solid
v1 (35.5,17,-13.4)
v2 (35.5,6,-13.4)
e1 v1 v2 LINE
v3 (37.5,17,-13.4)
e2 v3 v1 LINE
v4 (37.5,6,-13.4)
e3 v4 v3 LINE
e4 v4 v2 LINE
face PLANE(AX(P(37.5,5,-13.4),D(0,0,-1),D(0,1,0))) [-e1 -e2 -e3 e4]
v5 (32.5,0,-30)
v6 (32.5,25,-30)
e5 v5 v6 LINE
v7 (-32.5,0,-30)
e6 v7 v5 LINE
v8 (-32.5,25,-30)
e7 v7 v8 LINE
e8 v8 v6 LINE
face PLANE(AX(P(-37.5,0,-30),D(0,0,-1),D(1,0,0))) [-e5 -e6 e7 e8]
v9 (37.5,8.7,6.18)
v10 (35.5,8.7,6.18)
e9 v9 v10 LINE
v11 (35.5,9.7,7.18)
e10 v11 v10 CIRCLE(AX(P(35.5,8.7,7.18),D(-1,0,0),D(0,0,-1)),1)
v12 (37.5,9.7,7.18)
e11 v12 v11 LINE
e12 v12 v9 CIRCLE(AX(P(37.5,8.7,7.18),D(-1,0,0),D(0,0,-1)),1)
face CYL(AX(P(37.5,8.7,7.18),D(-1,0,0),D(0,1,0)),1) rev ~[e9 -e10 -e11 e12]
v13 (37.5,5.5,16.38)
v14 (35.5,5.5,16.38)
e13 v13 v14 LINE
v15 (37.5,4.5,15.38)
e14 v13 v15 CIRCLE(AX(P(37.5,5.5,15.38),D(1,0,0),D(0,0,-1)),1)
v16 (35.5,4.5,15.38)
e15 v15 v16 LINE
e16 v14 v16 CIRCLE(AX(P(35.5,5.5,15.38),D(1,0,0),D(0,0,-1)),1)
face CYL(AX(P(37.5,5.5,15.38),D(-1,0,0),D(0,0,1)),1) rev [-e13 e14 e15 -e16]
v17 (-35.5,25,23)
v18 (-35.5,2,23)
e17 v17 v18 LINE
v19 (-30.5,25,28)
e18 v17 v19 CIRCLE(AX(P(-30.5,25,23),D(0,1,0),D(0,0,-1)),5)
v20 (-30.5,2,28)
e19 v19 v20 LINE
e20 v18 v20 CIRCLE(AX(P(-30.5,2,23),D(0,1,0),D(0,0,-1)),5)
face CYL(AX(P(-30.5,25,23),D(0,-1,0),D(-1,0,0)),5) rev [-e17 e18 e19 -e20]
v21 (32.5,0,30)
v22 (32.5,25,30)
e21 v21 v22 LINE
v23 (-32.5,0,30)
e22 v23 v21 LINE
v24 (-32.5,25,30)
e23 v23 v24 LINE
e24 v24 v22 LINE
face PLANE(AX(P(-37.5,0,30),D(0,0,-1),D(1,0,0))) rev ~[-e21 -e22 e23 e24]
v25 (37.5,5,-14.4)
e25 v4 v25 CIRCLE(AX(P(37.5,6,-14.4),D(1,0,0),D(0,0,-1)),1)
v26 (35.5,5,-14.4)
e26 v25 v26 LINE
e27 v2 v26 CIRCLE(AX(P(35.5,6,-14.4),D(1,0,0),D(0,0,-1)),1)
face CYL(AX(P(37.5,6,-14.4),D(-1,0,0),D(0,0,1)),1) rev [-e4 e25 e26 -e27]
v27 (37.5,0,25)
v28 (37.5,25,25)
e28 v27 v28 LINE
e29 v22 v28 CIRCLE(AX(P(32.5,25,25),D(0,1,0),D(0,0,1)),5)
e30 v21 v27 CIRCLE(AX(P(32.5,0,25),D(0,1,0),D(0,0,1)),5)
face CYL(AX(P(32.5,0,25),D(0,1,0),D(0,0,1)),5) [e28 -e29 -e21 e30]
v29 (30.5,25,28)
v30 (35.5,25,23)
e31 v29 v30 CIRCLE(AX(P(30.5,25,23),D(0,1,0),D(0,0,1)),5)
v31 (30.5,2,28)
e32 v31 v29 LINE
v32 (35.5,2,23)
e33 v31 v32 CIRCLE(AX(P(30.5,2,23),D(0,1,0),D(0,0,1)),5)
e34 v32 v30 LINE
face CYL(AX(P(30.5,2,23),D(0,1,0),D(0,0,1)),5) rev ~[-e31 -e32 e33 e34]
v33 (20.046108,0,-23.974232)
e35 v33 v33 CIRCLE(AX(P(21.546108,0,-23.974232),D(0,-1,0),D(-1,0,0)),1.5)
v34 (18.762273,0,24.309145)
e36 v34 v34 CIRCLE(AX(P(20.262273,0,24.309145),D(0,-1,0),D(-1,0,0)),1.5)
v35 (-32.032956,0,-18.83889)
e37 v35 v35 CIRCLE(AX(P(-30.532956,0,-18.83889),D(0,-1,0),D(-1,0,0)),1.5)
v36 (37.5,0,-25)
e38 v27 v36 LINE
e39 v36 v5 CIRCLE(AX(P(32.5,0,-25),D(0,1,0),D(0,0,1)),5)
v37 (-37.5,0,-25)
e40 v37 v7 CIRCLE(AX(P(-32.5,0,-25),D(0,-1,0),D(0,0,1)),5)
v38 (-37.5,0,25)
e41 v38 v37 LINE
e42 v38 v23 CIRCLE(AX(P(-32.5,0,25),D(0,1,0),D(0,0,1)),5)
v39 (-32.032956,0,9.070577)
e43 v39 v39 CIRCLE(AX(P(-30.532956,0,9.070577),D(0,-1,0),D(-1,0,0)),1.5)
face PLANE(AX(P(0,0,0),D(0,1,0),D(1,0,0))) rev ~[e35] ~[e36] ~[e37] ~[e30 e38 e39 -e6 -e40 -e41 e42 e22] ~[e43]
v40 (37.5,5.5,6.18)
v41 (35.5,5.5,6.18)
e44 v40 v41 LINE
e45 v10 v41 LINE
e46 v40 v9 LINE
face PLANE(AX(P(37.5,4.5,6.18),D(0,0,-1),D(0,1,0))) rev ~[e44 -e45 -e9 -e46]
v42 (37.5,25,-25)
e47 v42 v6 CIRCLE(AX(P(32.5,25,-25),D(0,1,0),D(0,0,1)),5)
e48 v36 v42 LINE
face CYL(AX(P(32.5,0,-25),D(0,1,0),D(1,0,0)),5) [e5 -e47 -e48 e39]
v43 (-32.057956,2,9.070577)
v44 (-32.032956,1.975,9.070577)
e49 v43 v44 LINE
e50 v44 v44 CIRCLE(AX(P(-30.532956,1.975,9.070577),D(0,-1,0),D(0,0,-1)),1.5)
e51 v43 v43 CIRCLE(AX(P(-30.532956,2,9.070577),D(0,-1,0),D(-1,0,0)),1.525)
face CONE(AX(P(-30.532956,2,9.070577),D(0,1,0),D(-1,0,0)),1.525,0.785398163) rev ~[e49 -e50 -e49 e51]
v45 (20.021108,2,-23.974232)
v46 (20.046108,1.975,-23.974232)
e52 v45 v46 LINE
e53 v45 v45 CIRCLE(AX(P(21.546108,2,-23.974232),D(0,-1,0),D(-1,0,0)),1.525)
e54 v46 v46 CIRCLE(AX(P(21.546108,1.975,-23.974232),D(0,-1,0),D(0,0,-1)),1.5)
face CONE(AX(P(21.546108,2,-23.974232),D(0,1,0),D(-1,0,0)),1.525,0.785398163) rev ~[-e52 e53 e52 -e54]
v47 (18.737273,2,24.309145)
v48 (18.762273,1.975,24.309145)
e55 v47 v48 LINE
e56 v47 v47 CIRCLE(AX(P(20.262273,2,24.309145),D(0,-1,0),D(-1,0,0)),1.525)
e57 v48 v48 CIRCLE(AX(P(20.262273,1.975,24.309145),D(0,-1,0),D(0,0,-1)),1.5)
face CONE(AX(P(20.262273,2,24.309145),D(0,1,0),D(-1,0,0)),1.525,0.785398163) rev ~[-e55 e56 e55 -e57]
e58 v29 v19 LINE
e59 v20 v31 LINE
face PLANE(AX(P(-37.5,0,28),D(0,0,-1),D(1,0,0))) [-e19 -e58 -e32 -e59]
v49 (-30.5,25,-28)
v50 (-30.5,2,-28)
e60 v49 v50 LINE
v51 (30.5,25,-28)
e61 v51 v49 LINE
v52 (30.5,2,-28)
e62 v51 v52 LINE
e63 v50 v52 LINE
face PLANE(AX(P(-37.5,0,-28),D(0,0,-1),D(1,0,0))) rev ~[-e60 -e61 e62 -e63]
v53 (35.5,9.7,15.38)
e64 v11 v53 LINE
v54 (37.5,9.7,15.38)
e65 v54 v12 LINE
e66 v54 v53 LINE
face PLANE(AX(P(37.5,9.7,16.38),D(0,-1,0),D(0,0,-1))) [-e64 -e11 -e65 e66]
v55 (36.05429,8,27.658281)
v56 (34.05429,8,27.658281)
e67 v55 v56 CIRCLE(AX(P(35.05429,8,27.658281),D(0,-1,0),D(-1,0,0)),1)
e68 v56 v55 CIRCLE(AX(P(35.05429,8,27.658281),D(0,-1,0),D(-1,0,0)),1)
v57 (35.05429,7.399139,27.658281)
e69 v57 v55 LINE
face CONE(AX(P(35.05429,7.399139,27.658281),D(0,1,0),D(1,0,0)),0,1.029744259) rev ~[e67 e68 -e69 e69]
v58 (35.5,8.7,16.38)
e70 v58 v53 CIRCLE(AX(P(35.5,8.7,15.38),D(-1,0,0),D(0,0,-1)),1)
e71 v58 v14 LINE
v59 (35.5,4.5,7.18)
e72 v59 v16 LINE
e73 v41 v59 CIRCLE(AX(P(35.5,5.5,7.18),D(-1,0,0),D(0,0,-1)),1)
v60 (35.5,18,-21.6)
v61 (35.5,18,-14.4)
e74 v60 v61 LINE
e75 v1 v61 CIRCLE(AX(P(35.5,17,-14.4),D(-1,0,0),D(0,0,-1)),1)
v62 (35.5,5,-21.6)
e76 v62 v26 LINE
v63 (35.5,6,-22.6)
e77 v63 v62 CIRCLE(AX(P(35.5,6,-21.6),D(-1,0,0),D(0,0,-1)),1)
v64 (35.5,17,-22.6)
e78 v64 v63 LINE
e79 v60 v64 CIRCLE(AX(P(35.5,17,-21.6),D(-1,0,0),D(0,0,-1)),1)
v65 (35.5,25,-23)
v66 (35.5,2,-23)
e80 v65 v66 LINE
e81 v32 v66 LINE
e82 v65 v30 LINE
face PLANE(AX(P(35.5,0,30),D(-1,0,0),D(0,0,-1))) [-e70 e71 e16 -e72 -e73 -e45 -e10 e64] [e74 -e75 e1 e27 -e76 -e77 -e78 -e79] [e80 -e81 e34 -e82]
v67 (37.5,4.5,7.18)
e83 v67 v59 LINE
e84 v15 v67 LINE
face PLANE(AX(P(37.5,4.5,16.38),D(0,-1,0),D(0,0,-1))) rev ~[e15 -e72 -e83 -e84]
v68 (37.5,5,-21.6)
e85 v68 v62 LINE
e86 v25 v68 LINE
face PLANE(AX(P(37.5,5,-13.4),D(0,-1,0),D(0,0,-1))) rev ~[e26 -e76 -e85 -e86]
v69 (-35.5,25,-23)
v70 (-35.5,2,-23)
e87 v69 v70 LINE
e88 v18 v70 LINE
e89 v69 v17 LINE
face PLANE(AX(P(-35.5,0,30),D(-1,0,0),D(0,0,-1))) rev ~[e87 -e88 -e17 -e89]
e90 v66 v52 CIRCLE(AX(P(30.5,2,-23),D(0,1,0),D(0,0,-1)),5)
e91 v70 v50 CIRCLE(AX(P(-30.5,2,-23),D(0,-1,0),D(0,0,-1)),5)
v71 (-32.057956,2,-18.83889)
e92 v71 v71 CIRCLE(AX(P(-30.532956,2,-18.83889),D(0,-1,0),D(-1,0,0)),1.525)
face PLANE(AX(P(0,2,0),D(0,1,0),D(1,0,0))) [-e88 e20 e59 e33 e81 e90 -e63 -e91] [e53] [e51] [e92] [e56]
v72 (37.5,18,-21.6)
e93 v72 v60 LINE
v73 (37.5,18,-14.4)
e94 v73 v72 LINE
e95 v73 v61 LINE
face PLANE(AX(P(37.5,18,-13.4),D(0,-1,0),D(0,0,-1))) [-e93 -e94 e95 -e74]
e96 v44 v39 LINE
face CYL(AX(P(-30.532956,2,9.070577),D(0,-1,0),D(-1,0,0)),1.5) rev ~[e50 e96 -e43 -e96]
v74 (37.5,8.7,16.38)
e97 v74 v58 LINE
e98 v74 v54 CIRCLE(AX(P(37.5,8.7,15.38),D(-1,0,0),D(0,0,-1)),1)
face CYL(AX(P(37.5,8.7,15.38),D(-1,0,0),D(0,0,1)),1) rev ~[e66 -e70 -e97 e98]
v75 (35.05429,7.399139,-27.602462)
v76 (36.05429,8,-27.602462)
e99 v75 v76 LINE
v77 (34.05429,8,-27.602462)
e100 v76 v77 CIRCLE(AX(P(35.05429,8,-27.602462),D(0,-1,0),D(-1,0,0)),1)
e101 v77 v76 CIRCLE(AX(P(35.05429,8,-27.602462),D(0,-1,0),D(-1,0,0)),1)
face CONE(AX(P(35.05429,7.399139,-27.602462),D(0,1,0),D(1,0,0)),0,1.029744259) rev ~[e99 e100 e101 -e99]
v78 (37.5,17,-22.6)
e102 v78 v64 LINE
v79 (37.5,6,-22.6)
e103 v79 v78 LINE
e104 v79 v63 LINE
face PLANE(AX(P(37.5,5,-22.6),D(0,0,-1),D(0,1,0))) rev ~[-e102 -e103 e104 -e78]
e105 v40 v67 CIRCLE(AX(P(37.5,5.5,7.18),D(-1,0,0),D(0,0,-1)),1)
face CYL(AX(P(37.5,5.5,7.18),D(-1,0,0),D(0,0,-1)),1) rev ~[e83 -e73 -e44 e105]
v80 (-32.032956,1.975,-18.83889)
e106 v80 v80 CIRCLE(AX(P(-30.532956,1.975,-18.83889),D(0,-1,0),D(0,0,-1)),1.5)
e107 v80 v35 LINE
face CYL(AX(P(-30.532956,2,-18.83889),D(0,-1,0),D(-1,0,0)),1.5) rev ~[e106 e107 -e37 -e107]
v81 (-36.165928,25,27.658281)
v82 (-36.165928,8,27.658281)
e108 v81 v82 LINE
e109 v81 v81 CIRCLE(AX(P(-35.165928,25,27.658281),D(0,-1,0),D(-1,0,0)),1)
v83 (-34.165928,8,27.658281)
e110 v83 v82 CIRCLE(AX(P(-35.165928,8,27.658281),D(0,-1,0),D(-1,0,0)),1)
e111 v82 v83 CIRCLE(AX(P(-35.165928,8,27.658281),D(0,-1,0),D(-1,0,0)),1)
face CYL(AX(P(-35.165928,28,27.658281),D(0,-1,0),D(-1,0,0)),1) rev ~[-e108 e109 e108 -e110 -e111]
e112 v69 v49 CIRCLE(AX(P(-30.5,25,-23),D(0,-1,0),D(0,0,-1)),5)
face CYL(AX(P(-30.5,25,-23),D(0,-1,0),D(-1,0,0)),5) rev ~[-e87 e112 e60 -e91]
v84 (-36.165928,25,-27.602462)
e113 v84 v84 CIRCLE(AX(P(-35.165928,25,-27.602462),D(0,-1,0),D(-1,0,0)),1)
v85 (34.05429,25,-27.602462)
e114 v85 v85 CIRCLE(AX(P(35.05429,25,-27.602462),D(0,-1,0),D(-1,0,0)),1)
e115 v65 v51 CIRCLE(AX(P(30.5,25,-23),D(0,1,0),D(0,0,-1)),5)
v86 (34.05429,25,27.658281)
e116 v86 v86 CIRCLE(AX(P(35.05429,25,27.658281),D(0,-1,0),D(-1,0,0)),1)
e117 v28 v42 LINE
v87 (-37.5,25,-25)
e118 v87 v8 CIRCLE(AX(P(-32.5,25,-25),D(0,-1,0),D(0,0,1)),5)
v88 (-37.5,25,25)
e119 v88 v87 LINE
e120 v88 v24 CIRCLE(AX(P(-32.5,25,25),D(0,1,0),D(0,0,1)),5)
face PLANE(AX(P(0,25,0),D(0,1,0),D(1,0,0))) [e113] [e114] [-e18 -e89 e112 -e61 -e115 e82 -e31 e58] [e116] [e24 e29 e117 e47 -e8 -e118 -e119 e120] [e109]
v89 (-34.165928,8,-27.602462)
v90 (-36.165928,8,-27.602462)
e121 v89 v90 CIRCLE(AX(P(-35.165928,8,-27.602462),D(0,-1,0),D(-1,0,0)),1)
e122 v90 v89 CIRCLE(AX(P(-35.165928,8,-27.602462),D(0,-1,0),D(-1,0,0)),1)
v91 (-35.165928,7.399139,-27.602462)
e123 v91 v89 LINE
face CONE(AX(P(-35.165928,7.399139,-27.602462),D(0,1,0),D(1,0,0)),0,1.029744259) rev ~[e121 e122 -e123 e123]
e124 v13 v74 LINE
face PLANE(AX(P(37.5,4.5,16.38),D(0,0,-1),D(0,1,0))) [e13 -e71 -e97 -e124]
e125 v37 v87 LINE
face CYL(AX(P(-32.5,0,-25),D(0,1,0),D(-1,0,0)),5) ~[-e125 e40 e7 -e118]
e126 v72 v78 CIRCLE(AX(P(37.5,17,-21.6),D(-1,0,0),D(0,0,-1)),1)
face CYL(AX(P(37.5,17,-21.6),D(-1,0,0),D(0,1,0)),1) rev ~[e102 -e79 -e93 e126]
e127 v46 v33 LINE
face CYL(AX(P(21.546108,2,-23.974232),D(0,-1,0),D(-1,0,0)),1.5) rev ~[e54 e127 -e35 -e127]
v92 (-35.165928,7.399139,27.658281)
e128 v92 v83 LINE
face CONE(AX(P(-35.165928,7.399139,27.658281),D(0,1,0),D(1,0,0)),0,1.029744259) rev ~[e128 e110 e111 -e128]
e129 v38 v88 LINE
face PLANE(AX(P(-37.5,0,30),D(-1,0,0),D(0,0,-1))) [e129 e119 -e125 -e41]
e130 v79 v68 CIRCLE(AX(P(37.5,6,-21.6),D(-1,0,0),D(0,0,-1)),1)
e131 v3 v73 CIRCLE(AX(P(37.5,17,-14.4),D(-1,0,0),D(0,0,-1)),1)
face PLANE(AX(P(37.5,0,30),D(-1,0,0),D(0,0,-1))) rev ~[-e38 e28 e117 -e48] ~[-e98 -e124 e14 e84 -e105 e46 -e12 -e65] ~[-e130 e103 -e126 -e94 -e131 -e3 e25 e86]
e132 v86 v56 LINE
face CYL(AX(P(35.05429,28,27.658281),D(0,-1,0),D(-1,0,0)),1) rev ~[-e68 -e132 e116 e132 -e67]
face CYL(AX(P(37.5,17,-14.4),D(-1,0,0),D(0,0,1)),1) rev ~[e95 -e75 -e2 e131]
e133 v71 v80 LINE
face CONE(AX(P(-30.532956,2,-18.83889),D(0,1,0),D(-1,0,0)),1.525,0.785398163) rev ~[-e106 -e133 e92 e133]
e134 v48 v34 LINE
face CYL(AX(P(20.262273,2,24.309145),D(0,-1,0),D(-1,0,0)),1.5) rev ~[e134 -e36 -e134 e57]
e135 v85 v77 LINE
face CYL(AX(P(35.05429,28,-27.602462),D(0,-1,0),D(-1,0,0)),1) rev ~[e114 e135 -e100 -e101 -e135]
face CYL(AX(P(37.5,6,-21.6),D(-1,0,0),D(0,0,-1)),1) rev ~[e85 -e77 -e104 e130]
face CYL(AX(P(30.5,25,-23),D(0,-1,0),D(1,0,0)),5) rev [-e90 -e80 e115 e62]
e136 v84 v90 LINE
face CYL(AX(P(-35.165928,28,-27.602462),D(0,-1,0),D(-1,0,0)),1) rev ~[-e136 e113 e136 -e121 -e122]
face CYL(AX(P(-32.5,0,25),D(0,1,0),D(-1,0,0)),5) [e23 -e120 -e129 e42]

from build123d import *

# Parameters (mm, degrees)
SKIZZE1_W                                = 75
SKIZZE1_H                                = 60
AUFSATZ_LINEAR_AUSTRAGEN1_DEPTH          = 25
WANDUNG1_T                               = -2
VERRUNDUNG1_R                            = 5
SKIZZE2_W                                = 9.2
SKIZZE2_H                                = 13
SCHNITT_LINEAR_AUSTRAGEN1_DEPTH          = 25
VERRUNDUNG2_R                            = 1
SKIZZE3_W                                = 10.2
SKIZZE3_H                                = 5.2
SCHNITT_LINEAR_AUSTRAGEN2_DEPTH          = 25
VERRUNDUNG3_R                            = 1
F_3_0_3_DURCHMESSER_BOHRUNG1_D           = 3
F_3_0_3_DURCHMESSER_BOHRUNG1_CSINK_D     = 3.05
F_3_0_3_DURCHMESSER_BOHRUNG1_CSINK_ANGLE = 90
F_2_0_2_DURCHMESSER_BOHRUNG1_D           = 2
F_2_0_2_DURCHMESSER_BOHRUNG1_DEPTH       = 20
F_2_0_2_DURCHMESSER_BOHRUNG1_CSINK_D     = 2.05
F_2_0_2_DURCHMESSER_BOHRUNG1_CSINK_ANGLE = 90
F_2_0_2_DURCHMESSER_BOHRUNG1_TIP         = 0.600860619


with BuildPart() as part:
    # Skizze1 → Aufsatz-Linear austragen1 (new body)
    with BuildSketch(Plane(origin=(0, 0, 0), x_dir=(1, 0, 0), z_dir=(0, 1, 0))):
        Rectangle(SKIZZE1_W, SKIZZE1_H)
    extrude(amount=AUFSATZ_LINEAR_AUSTRAGEN1_DEPTH)

    # Wandung1
    wandung1_openings = [part.faces().sort_by_distance(p)[0] for p in [
        (0, 25, 0),
    ]]
    offset(amount=WANDUNG1_T, openings=wandung1_openings, kind=Kind.INTERSECTION)

    # Verrundung1
    verrundung1_edges = [part.edges().sort_by_distance(p)[0] for p in [
        (35.5, 13.5, 28),
        (35.5, 13.5, -28),
        (-35.5, 13.5, -28),
        (-35.5, 13.5, 28),
        (37.5, 12.5, 30),
        (-37.5, 12.5, 30),
        (-37.5, 12.5, -30),
        (37.5, 12.5, -30),
    ]]
    fillet(verrundung1_edges, radius=VERRUNDUNG1_R)

    # Skizze2 → Schnitt-Linear austragen1 (cut)
    with BuildSketch(Plane(origin=(37.5, 0, 0), x_dir=(0, 0, -1), z_dir=(1, 0, 0))):
        with Locations((18, 11.5)):
            Rectangle(SKIZZE2_W, SKIZZE2_H)
    extrude(amount=-SCHNITT_LINEAR_AUSTRAGEN1_DEPTH, mode=Mode.SUBTRACT)

    # Verrundung2
    verrundung2_edges = [part.edges().sort_by_distance(p)[0] for p in [
        (36.5, 5, -13.4),
        (36.5, 18, -13.4),
        (36.5, 18, -22.6),
        (36.5, 5, -22.6),
    ]]
    fillet(verrundung2_edges, radius=VERRUNDUNG2_R)

    # Skizze3 → Schnitt-Linear austragen2 (cut)
    with BuildSketch(Plane(origin=(37.5, 0, 0), x_dir=(0, 0, -1), z_dir=(1, 0, 0))):
        with Locations((-11.28, 7.1)):
            Rectangle(SKIZZE3_W, SKIZZE3_H)
    extrude(amount=-SCHNITT_LINEAR_AUSTRAGEN2_DEPTH, mode=Mode.SUBTRACT)

    # Verrundung3
    verrundung3_edges = [part.edges().sort_by_distance(p)[0] for p in [
        (36.5, 4.5, 16.38),
        (36.5, 9.7, 16.38),
        (36.5, 9.7, 6.18),
        (36.5, 4.5, 6.18),
    ]]
    fillet(verrundung3_edges, radius=VERRUNDUNG3_R)

    # Ø3.0 (3) Durchmesser Bohrung1 (through all)
    with Locations(Plane(origin=(0, 2, 0), x_dir=(1, 0, 0), z_dir=(0, 1, 0))):
        with Locations((21.546108128, 23.974231713), (-30.532956337, 18.838889879), (-30.532956337, -9.070576608), (20.26227267, -24.309145311)):
            CounterSinkHole(F_3_0_3_DURCHMESSER_BOHRUNG1_D / 2, F_3_0_3_DURCHMESSER_BOHRUNG1_CSINK_D / 2, counter_sink_angle=F_3_0_3_DURCHMESSER_BOHRUNG1_CSINK_ANGLE)

    # Ø2.0 (2) Durchmesser Bohrung1
    with Locations(Plane(origin=(0, 28, 0), x_dir=(1, 0, 0), z_dir=(0, 1, 0))):
        with Locations((-35.165927774, 27.602462356), (35.054289908, 27.602462356), (35.054289908, -27.658281289), (-35.165927774, -27.658281289)):
            CounterSinkHole(F_2_0_2_DURCHMESSER_BOHRUNG1_D / 2, F_2_0_2_DURCHMESSER_BOHRUNG1_CSINK_D / 2, depth=F_2_0_2_DURCHMESSER_BOHRUNG1_DEPTH, counter_sink_angle=F_2_0_2_DURCHMESSER_BOHRUNG1_CSINK_ANGLE)
            with Locations((0, 0, -(F_2_0_2_DURCHMESSER_BOHRUNG1_DEPTH + F_2_0_2_DURCHMESSER_BOHRUNG1_TIP / 2))):  # 118° drill point
                Cone(0, F_2_0_2_DURCHMESSER_BOHRUNG1_D / 2, F_2_0_2_DURCHMESSER_BOHRUNG1_TIP, mode=Mode.SUBTRACT)


solid = part.part
